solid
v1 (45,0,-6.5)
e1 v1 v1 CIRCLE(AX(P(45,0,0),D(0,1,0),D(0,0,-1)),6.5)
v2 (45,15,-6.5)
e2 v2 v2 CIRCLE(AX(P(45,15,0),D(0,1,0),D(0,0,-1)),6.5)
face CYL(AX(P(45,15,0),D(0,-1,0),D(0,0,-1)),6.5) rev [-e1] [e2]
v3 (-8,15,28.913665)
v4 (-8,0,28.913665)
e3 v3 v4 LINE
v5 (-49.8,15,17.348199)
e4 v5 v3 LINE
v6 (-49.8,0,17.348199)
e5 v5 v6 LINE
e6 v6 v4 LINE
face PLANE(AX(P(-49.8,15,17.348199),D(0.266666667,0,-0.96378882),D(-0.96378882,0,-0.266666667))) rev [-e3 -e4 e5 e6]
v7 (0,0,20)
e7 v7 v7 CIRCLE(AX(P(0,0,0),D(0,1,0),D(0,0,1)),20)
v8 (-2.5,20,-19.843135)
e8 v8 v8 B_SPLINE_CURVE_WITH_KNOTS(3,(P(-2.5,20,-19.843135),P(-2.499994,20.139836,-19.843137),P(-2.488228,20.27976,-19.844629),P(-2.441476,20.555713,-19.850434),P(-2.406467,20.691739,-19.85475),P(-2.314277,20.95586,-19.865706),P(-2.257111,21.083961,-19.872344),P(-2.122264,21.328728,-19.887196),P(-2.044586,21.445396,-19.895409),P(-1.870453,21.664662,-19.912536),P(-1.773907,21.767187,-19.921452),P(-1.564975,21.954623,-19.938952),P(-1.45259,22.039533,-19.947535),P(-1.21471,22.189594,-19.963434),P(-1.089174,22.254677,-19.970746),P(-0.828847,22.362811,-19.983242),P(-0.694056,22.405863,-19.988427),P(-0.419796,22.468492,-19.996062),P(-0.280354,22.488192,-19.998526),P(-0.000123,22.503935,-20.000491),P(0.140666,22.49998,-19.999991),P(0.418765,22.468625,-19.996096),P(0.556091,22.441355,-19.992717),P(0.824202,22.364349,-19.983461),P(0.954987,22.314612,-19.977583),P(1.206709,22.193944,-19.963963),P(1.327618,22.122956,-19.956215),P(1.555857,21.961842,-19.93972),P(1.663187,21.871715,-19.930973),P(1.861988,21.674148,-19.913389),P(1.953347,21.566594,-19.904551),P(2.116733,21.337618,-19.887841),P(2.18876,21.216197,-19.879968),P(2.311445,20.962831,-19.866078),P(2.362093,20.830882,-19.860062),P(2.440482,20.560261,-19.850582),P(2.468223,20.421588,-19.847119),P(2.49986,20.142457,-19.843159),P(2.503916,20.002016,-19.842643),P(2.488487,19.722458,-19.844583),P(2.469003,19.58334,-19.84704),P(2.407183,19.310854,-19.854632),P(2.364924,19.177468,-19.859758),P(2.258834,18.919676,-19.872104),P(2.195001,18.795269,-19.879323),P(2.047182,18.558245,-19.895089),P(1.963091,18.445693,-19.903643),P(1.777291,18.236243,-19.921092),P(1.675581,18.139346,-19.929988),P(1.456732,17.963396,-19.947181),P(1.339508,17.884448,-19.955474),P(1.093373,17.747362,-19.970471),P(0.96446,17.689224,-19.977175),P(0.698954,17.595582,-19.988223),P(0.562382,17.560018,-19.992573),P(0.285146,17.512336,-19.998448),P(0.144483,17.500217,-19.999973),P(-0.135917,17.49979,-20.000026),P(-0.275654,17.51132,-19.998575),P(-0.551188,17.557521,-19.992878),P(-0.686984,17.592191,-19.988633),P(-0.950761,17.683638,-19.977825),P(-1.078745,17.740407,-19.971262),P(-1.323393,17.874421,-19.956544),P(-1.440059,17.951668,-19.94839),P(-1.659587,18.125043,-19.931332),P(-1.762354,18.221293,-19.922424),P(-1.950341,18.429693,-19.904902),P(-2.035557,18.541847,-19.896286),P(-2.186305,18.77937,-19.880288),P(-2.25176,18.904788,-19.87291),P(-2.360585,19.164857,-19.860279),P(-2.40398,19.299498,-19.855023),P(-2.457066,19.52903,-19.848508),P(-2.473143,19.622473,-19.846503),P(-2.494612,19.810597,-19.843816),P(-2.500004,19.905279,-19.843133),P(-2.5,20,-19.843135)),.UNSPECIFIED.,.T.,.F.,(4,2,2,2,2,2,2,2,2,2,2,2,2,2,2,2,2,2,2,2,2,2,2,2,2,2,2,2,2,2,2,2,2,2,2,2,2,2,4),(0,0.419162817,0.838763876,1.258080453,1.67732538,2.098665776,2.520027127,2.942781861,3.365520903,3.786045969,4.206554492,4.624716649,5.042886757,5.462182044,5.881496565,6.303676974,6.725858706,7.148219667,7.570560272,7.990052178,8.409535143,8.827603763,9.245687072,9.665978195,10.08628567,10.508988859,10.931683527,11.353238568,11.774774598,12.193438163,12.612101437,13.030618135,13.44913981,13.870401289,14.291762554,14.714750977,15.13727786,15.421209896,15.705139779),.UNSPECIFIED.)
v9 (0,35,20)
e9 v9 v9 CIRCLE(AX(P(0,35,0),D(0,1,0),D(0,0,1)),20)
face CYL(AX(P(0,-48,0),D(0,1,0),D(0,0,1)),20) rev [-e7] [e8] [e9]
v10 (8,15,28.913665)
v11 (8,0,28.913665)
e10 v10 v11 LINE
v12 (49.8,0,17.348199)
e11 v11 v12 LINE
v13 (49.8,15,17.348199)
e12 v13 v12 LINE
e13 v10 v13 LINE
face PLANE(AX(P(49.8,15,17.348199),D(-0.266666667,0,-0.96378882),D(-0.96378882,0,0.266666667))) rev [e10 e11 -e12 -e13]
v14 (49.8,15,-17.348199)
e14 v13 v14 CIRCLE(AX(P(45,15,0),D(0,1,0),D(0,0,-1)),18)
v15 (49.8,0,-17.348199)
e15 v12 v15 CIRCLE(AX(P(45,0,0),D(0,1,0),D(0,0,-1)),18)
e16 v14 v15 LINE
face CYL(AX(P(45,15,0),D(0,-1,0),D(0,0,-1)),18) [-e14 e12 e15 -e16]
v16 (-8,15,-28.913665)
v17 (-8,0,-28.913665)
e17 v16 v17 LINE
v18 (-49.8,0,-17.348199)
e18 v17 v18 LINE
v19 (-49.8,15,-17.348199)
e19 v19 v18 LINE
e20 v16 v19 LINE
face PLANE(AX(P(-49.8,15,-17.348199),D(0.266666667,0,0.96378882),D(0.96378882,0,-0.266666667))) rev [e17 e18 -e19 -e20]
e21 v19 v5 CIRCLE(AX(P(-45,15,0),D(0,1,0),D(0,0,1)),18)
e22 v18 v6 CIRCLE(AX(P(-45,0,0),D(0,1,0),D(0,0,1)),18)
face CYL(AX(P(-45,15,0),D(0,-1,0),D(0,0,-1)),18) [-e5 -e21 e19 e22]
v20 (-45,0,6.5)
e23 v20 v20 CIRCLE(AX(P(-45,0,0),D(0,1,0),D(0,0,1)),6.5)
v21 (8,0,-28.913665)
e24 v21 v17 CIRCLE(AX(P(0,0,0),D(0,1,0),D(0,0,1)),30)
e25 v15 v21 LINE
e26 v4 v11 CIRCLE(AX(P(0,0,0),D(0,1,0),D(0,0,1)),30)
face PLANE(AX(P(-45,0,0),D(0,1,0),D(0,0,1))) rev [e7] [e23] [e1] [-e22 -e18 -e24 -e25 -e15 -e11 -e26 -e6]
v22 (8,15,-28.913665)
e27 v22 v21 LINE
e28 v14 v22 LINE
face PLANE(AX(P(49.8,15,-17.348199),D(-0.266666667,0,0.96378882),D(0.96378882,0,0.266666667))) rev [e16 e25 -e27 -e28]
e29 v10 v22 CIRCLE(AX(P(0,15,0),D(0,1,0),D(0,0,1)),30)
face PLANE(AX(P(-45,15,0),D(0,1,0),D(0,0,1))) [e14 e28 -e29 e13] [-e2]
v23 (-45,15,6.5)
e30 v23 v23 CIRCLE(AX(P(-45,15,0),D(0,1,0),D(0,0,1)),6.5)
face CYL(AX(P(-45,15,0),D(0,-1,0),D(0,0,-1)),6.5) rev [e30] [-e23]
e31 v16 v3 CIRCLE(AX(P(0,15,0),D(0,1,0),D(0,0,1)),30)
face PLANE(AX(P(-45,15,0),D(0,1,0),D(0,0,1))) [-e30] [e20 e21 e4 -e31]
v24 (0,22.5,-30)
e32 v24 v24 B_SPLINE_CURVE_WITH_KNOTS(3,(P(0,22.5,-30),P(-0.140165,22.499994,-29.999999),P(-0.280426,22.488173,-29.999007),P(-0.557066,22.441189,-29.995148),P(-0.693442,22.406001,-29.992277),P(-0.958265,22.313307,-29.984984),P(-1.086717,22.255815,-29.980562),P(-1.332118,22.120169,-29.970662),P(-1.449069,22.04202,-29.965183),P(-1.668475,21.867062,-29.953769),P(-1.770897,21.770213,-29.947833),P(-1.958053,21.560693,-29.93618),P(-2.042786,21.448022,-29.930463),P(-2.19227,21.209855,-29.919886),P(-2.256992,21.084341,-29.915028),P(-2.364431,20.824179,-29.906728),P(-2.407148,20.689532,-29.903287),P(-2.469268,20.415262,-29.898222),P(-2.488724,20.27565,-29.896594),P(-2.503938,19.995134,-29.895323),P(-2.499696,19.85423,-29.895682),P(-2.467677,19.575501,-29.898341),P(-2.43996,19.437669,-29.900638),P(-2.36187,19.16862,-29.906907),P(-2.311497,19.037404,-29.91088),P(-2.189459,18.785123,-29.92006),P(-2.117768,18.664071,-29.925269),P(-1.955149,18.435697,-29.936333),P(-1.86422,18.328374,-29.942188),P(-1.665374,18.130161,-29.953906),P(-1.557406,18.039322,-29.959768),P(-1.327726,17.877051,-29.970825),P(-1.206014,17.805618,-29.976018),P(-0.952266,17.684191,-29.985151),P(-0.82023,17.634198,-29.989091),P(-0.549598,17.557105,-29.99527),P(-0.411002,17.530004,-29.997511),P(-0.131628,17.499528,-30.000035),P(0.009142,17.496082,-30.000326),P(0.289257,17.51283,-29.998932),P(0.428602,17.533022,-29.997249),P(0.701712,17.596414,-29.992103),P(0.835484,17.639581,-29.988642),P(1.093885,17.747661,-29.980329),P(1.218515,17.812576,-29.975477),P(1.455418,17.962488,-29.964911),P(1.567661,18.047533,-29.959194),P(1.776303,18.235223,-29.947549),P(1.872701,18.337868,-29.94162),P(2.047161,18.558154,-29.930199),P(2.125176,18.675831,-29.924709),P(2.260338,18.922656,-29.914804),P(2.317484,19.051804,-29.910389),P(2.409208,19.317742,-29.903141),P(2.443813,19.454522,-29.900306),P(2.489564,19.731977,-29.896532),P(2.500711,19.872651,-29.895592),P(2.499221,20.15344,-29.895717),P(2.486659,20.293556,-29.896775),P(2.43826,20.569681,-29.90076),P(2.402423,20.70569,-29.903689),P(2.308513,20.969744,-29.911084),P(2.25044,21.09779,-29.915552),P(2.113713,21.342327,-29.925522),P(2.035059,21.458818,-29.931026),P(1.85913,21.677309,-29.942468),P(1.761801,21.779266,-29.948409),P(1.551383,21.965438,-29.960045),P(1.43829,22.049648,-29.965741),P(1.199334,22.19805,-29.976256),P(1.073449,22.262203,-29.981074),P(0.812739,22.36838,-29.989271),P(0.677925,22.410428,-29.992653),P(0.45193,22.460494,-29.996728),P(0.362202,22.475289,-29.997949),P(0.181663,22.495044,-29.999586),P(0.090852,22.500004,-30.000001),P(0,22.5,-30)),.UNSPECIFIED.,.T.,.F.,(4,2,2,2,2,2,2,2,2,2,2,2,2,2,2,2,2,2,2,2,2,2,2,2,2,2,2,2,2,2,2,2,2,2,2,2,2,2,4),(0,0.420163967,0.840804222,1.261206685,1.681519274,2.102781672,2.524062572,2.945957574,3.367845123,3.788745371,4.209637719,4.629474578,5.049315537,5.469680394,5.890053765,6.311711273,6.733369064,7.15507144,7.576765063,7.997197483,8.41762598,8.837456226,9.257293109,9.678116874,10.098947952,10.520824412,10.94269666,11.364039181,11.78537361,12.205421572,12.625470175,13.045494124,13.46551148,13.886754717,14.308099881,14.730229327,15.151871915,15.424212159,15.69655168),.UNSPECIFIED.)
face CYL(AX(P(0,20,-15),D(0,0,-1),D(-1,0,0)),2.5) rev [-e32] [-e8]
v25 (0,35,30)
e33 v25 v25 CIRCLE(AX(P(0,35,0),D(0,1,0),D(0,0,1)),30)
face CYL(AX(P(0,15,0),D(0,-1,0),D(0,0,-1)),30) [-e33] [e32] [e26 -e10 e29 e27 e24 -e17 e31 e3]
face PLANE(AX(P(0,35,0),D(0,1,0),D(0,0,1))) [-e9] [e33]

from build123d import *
from build123d.topology import SkipClean

# Parameters (mm, degrees)
IZIM1_R                     = 6.5
Y_KSEKLIK_EKSTR_ZYON2_DEPTH = 15
IZIM2_R                     = 30
Y_KSEKLIK_EKSTR_ZYON3_DEPTH = 20
IZIM3_R                     = 20
KES_EKSTR_ZYON2_DEPTH       = 83
IZIM4_R                     = 2.5
KES_EKSTR_ZYON3_DEPTH       = 15


with BuildPart() as part:
    # Çizim1 → Yükseklik-Ekstrüzyon2 (new body)
    with BuildSketch(Plane(origin=(0, 0, 0), x_dir=(1, 0, 0), z_dir=(0, 1, 0))):
        with BuildLine():
            Line((-49.8, 17.348198754), (-8, 28.91366459))
            ThreePointArc((-8, 28.91366459), (0, 30), (8, 28.91366459))
            Line((8, 28.91366459), (49.8, 17.348198754))
            ThreePointArc((49.8, 17.348198754), (63, 0), (49.8, -17.348198754))
            Line((49.8, -17.348198754), (8, -28.91366459))
            ThreePointArc((8, -28.91366459), (0, -30), (-8, -28.91366459))
            Line((-8, -28.91366459), (-49.8, -17.348198754))
            ThreePointArc((-49.8, -17.348198754), (-63, 0), (-49.8, 17.348198754))
        make_face()
        with Locations(Location((-45, 0, 0), (0, 0, 270))):
            Circle(IZIM1_R, mode=Mode.SUBTRACT)
        with Locations(Location((45, 0, 0), (0, 0, 90))):
            Circle(IZIM1_R, mode=Mode.SUBTRACT)
    extrude(amount=Y_KSEKLIK_EKSTR_ZYON2_DEPTH)

    # Çizim2 → Yükseklik-Ekstrüzyon3 (add)
    with SkipClean():  # the faces are left unmerged after this step: merging them gives an invalid solid
        with BuildSketch(Plane(origin=(0, 15, 0), x_dir=(1, 0, 0), z_dir=(0, 1, 0))):
            with Locations(Location((0, 0, 0), (0, 0, 105.466009953))):
                Circle(IZIM2_R)
        extrude(amount=Y_KSEKLIK_EKSTR_ZYON3_DEPTH)

    # Çizim3 → Kes-Ekstrüzyon2 (cut)
    with SkipClean():  # the faces are left unmerged after this step: merging them gives an invalid solid
        with BuildSketch(Plane(origin=(0, 35, 0), x_dir=(1, 0, 0), z_dir=(0, 1, 0))):
            with Locations(Location((0, 0, 0), (0, 0, 270))):
                Circle(IZIM3_R)
        extrude(amount=-KES_EKSTR_ZYON2_DEPTH, mode=Mode.SUBTRACT)

    # Çizim4 → Kes-Ekstrüzyon3 (cut)
    with BuildSketch(Plane(origin=(0, 0, -30), x_dir=(-1, 0, 0), z_dir=(0, 0, -1))):
        with Locations((0, 20)):
            Circle(IZIM4_R)
    extrude(amount=-KES_EKSTR_ZYON3_DEPTH, mode=Mode.SUBTRACT)


solid = part.part
